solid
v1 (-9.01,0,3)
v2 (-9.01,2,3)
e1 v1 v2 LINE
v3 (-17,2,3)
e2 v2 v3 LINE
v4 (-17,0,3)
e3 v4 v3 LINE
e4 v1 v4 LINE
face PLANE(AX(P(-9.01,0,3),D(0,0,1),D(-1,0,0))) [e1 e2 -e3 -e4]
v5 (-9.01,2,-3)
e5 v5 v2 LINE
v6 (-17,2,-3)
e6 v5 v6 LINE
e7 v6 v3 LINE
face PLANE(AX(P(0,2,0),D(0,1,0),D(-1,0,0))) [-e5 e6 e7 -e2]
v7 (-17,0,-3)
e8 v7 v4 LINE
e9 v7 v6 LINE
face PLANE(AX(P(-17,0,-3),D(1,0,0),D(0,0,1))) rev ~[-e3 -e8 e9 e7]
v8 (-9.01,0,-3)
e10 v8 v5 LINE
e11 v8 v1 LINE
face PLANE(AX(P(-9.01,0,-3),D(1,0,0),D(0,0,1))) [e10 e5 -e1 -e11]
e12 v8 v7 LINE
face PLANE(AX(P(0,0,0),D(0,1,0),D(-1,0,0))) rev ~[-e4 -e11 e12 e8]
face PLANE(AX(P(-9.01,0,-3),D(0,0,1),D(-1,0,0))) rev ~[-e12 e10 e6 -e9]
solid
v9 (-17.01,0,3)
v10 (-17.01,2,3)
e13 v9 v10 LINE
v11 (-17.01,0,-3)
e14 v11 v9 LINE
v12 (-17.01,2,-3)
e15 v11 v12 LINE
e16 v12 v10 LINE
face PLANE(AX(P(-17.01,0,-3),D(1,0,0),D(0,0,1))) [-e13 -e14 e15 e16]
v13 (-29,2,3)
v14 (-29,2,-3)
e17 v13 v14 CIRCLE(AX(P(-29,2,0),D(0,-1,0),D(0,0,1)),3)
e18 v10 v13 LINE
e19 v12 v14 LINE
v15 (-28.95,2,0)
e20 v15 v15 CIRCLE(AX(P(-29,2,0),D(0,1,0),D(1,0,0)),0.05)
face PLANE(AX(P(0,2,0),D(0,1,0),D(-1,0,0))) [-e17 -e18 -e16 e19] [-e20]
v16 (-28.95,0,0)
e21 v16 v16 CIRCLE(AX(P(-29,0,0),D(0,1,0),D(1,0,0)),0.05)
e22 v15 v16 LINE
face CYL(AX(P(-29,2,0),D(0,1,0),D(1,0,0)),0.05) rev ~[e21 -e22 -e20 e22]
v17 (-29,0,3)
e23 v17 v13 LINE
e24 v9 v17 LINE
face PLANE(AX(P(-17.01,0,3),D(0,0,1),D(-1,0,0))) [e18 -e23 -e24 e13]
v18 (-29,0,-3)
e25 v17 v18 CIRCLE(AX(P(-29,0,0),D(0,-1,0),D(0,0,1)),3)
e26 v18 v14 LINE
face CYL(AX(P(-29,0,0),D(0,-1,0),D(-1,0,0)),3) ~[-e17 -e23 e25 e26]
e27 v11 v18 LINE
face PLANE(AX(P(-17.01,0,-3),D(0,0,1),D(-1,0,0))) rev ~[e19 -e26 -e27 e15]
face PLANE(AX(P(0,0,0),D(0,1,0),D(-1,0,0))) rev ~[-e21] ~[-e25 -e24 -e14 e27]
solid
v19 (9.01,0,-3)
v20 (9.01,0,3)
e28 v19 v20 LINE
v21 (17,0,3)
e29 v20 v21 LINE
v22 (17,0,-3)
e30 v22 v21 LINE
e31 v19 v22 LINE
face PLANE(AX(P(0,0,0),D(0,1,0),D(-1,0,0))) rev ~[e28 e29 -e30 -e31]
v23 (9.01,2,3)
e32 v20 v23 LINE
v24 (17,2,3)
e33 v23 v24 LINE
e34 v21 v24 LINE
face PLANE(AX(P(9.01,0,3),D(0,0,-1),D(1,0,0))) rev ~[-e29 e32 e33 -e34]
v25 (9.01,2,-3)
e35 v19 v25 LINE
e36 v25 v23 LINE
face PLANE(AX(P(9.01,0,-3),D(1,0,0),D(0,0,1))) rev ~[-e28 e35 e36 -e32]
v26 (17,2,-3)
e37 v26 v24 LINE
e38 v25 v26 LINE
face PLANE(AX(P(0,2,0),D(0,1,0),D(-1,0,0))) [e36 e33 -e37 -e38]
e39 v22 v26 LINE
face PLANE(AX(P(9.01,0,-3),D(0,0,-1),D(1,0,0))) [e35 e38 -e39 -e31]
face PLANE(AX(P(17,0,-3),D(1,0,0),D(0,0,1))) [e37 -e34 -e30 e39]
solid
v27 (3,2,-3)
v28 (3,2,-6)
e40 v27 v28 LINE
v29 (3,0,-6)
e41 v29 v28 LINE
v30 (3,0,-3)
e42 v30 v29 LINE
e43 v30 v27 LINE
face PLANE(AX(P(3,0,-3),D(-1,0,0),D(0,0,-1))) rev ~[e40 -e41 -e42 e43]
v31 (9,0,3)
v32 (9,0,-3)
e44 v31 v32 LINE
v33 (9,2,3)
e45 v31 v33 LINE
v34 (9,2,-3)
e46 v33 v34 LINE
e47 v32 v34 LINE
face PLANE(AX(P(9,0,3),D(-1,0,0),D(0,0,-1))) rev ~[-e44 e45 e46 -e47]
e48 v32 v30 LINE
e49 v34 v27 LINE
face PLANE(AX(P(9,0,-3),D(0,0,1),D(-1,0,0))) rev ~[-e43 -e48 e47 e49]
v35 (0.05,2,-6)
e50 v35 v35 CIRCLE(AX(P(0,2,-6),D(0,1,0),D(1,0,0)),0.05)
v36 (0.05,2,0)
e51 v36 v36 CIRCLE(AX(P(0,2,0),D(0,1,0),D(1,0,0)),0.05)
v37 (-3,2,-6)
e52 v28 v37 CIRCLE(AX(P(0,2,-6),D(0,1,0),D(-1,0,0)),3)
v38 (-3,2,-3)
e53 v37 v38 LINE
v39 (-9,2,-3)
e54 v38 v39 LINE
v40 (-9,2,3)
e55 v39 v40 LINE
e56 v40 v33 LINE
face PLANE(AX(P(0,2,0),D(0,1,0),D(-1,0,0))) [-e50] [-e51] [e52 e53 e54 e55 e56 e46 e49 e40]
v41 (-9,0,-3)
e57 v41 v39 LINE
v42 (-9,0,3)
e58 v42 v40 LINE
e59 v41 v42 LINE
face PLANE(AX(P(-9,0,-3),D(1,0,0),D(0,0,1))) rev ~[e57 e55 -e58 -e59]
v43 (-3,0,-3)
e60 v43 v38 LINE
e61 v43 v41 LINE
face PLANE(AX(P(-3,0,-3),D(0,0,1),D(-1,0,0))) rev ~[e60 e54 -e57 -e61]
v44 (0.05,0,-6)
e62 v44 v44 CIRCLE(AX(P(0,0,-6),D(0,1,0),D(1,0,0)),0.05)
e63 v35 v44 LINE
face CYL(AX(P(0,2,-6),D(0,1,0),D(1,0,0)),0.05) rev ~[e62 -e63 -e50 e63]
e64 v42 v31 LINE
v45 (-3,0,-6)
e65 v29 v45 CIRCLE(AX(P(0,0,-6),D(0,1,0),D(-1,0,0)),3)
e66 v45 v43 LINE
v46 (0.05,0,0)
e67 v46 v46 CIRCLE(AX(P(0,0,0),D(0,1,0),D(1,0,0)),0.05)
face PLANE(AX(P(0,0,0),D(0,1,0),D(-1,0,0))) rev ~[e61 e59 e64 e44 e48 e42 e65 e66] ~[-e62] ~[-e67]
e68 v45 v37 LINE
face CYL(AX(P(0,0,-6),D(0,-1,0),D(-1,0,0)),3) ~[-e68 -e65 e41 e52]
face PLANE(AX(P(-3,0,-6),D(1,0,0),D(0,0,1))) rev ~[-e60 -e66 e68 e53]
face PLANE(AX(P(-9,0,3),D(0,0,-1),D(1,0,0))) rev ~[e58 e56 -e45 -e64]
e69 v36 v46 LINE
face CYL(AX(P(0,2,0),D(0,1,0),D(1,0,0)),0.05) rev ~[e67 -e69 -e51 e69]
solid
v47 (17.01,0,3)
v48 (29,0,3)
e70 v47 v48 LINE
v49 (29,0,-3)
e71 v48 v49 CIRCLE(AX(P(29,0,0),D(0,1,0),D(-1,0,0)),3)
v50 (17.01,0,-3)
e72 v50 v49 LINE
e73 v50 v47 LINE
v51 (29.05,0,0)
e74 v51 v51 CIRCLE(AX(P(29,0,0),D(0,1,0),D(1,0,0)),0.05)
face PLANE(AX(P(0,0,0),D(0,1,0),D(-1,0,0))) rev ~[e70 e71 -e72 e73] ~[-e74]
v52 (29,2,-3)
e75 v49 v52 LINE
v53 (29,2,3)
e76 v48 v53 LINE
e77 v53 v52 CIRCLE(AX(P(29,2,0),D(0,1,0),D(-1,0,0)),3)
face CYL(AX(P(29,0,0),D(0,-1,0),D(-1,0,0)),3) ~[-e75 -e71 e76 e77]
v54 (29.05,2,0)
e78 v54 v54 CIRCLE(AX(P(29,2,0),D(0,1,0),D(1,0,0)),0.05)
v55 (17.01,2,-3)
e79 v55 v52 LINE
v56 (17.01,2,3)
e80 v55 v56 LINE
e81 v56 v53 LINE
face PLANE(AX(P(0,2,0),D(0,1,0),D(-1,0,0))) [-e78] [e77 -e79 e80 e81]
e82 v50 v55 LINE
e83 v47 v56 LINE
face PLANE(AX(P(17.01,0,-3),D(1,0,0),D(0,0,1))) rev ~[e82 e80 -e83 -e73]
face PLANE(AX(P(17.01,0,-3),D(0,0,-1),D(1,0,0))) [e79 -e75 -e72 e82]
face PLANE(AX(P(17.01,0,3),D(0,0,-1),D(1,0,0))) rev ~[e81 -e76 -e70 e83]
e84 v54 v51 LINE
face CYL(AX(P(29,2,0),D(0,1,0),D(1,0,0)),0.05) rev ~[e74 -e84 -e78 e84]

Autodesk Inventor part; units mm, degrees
ref_plane "YZ Plane" through (0, 0, 0) normal (1, 0, 0) x (0, 1, 0)
ref_plane "XZ Plane" through (0, 0, 0) normal (0, 1, 0) x (-1, 0, 0)
ref_plane "XY Plane" through (0, 0, 0) normal (0, 0, 1) x (1, 0, 0)
sketch "Sketch1" plane through (0, 0, 0) normal (0, 1, 0) x (-1, 0, 0)
  line L0 (-9, -3) -> (9, -3)
  line L1 (9, -3) -> (9, 3)
  line L2 (9, 3) -> (-9, 3)
  line L3 (-9, 3) -> (-9, -3)
  line L4 (-9, -3) -> (9, 3) construction
  line L5 (9, -3) -> (-9, 3) construction
  line L6 (17, -3) -> (17, 3)
  line L7 (9, 3) -> (9, -3)
  line L8 (29, -3) -> (29, 3)
  line L9 (17, 3) -> (17, -3)
  line L10 (-17, -3) -> (-17, 3)
  line L11 (-9, 3) -> (-9, -3)
  line L12 (-29, -3) -> (-29, 3)
  line L13 (-17, 3) -> (-17, -3)
  circle A0 centre (29, 0) radius 3
  circle A1 centre (-29, 0) radius 3
  line L14 (9.01, -3) -> (9.01, 3)
  line L15 (9, 3) -> (9, -3)
  line L16 (9.01, -3) -> (17, -3)
  line L17 (9.01, 3) -> (17, 3)
  line L18 (17.01, -3) -> (17.01, 3)
  line L19 (17, 3) -> (17, -3)
  line L20 (17.01, -3) -> (29, -3)
  line L21 (17.01, 3) -> (29, 3)
  line L22 (-9.01, -3) -> (-9.01, 3)
  line L23 (-9, 3) -> (-9, -3)
  line L24 (-9.01, -3) -> (-17, -3)
  line L25 (-9.01, 3) -> (-17, 3)
  line L26 (-17.01, -3) -> (-17.01, 3)
  line L27 (-17, 3) -> (-17, -3)
  line L28 (-17.01, 3) -> (-29, 3)
  line L29 (-17.01, -3) -> (-29, -3)
  line L30 (0, -3) -> (0, -6)
  circle A2 centre (0, -6) radius 3
  line L31 (-3, -6) -> (3, -6)
  line L32 (3, -6) -> (3, -3)
  line L33 (3, -3) -> (-3, -3)
  line L34 (-3, -3) -> (-3, -6)
  line L35 (-3, -6) -> (3, -3) construction
  line L36 (3, -6) -> (-3, -3) construction
  point P0 (0, 0)
  point P1 (0, -4.5)
  dimension "d17" = 18
  dimension "d18" = 6
  dimension "d19" = 8
  dimension "d20" = 12
  dimension "d21" = 8
  dimension "d22" = 12
  dimension "d23" = 0.01
  dimension "d24" = 0.01
  dimension "d25" = 0.01
  dimension "d26" = 0.01
  dimension "d27" = 3
extrude "Extrusion1" add sketch "Sketch1" along normal blind 2
sketch "Sketch2" plane through (0, 2, 0) normal (0, 1, 0) x (1, 0, 0)
  arc A0 (3, 6) -> (-3, 6) centre (0, 6) ccw projected
  circle A1 centre (0, 6) radius 0.05
  circle A2 centre (0, 0) radius 0.05
  dimension "d30" = 0.1
  dimension "d31" = 0.1
extrude "Extrusion2" cut sketch "Sketch2" against normal blind 2
sketch "Sketch3" plane through (0, 2, 0) normal (0, 1, 0) x (1, 0, 0)
  arc A0 (-29, 3) -> (-29, -3) centre (-29, 0) ccw projected
  circle A1 centre (-29, 0) radius 0.05
  point P0 (0, 0)
  dimension "d34" = 0.1
extrude "Extrusion3" cut sketch "Sketch3" against normal blind 2
sketch "Sketch4" plane through (0, 2, 0) normal (0, 1, 0) x (1, 0, 0)
  arc A0 (29, -3) -> (29, 3) centre (29, 0) ccw projected
  circle A1 centre (29, 0) radius 0.05
  point P0 (0, 0)
  dimension "d37" = 0.1
extrude "Extrusion4" cut sketch "Sketch4" against normal blind 2
properties part number "tahlo6_sablona"
